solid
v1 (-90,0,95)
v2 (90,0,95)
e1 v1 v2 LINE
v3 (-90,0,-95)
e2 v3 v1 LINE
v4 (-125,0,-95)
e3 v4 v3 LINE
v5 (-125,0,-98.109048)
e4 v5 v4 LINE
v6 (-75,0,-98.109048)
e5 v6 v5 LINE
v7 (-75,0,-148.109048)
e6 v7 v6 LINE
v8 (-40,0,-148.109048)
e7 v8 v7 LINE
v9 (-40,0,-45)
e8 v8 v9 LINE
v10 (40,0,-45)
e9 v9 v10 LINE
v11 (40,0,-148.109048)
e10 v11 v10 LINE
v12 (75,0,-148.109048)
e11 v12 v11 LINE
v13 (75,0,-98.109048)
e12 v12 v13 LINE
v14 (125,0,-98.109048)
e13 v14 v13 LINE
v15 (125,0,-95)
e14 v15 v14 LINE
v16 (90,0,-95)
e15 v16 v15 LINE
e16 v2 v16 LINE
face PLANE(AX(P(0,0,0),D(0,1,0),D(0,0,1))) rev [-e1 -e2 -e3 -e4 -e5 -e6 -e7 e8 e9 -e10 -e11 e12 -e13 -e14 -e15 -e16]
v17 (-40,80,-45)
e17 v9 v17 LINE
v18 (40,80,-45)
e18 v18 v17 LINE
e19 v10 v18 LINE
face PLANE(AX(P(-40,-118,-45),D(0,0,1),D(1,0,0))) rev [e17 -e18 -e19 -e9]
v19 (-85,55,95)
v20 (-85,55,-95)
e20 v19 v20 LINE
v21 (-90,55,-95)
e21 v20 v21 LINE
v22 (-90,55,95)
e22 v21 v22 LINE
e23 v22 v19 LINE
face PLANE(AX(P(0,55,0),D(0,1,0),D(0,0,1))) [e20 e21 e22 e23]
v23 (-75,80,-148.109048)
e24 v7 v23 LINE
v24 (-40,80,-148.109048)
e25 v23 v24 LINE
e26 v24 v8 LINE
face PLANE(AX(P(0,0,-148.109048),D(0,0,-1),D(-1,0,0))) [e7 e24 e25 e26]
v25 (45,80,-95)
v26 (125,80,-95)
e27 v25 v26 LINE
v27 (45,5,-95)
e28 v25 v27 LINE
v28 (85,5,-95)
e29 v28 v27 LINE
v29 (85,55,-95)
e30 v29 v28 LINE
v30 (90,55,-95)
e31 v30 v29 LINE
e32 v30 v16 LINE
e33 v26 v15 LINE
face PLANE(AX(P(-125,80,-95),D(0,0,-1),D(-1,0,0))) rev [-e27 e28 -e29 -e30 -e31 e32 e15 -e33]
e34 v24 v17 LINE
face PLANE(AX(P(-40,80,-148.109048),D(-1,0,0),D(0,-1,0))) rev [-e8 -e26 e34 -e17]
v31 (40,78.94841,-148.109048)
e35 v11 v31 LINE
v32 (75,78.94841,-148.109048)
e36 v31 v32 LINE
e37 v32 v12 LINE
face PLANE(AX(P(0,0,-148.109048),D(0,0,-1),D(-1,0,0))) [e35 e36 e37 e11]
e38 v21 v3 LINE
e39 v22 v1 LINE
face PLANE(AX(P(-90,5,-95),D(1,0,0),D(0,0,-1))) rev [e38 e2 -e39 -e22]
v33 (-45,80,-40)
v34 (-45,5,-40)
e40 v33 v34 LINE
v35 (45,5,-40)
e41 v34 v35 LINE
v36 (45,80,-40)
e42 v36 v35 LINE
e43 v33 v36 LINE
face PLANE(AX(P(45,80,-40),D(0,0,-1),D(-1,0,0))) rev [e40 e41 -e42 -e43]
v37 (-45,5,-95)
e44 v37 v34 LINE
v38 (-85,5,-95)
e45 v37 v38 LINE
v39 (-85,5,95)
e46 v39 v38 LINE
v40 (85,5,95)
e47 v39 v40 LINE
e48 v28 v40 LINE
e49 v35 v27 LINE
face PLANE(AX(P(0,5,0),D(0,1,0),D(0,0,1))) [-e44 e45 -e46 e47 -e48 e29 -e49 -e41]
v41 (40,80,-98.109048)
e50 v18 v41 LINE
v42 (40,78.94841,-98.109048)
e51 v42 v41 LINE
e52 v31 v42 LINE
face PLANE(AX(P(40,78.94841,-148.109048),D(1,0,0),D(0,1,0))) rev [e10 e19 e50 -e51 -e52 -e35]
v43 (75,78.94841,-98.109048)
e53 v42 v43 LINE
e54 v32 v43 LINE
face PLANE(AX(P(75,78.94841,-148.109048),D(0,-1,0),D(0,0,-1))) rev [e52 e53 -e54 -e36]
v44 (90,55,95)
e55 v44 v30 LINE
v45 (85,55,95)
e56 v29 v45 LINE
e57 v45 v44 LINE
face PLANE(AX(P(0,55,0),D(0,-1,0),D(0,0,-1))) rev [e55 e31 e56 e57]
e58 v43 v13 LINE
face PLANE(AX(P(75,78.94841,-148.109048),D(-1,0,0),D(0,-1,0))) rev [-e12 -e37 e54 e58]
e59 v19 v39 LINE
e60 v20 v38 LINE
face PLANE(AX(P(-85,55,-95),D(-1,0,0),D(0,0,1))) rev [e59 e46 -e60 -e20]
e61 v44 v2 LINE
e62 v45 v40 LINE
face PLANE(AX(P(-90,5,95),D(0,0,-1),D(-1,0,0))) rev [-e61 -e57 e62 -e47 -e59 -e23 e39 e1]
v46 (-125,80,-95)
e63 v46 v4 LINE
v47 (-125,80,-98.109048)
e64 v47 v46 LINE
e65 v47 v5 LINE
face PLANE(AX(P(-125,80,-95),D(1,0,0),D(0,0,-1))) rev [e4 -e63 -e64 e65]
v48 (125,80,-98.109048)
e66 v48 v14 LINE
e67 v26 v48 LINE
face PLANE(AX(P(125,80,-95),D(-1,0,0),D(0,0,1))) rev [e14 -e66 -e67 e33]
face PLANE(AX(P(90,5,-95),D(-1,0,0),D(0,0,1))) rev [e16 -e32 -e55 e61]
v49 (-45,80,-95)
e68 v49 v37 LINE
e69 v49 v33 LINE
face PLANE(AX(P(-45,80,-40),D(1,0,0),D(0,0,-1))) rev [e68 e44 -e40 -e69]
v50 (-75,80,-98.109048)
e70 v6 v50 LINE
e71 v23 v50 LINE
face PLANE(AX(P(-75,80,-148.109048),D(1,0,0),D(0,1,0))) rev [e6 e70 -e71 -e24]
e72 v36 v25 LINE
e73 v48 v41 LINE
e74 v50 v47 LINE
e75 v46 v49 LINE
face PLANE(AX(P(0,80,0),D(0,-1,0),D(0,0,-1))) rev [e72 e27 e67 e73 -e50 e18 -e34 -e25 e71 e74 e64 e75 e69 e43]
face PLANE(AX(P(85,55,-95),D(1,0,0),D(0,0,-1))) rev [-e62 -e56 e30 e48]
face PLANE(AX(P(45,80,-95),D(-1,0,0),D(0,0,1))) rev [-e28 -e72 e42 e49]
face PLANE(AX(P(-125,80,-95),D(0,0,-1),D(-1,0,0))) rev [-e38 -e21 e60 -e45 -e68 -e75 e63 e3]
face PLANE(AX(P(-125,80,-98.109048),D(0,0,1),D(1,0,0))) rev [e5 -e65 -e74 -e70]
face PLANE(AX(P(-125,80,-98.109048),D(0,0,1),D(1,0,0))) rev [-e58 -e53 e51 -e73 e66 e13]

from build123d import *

# Parameters (mm, degrees)
SKETCH2_W           = 180
SKETCH2_H           = 190
BOSS_EXTRUDE3_DEPTH = 5
SKETCH4_W           = 5
SKETCH4_H           = 190
BOSS_EXTRUDE4_DEPTH = 50
SKETCH6_W           = 250
SKETCH6_H           = 3.1090482
BOSS_EXTRUDE6_DEPTH = 80
SKETCH7_W           = 35
SKETCH7_H           = 78.948410215
SKETCH7_H_2         = 80
BOSS_EXTRUDE7_DEPTH = 50
SKETCH8_W           = 80
SKETCH8_H           = 3.1090482
CUT_EXTRUDE1_DEPTH  = 123
SKETCH9_W           = 80
SKETCH9_H           = 50
CUT_EXTRUDE2_DEPTH  = 123
BOSS_EXTRUDE8_DEPTH = 75


with BuildPart() as part:
    # Sketch2 → Boss-Extrude3 (new body)
    with BuildSketch(Plane(origin=(0, 0, 0), x_dir=(1, 0, 0), z_dir=(0, 1, 0))):
        Rectangle(SKETCH2_W, SKETCH2_H)
    extrude(amount=BOSS_EXTRUDE3_DEPTH)

    # Sketch4 → Boss-Extrude4 (add)
    with BuildSketch(Plane(origin=(0, 5, 0), x_dir=(1, 0, 0), z_dir=(0, 1, 0))):
        with Locations((-87.5, 0)):
            Rectangle(SKETCH4_W, SKETCH4_H)
        with Locations((87.5, 0)):
            Rectangle(SKETCH4_W, SKETCH4_H)
    extrude(amount=BOSS_EXTRUDE4_DEPTH)

    # Sketch6 → Boss-Extrude6 (add)
    with BuildSketch(Plane(origin=(0, 0, 0), x_dir=(1, 0, 0), z_dir=(0, 1, 0))):
        with Locations((0, 96.5545241)):
            Rectangle(SKETCH6_W, SKETCH6_H)
    extrude(amount=BOSS_EXTRUDE6_DEPTH)

    # Sketch7 → Boss-Extrude7 (add)
    with BuildSketch(Plane(origin=(0, 0, -98.1090482), x_dir=(-1, 0, 0), z_dir=(0, 0, -1))):
        with Locations((-57.5, 39.474205108)):
            Rectangle(SKETCH7_W, SKETCH7_H)
        with Locations((57.5, 40)):
            Rectangle(SKETCH7_W, SKETCH7_H_2)
    extrude(amount=BOSS_EXTRUDE7_DEPTH)

    # Sketch8 → Cut-Extrude1 (cut)
    with BuildSketch(Plane(origin=(0, 80, 0), x_dir=(1, 0, 0), z_dir=(0, 1, 0))):
        with Locations((0, 96.5545241)):
            Rectangle(SKETCH8_W, SKETCH8_H)
    extrude(amount=-CUT_EXTRUDE1_DEPTH, mode=Mode.SUBTRACT)

    # Sketch9 → Cut-Extrude2 (cut)
    with BuildSketch(Plane(origin=(0, 5, 0), x_dir=(1, 0, 0), z_dir=(0, 1, 0))):
        with Locations((0, 70)):
            Rectangle(SKETCH9_W, SKETCH9_H)
    extrude(amount=-CUT_EXTRUDE2_DEPTH, mode=Mode.SUBTRACT)

    # Sketch10 → Boss-Extrude8 (add)
    with BuildSketch(Plane(origin=(0, 5, 0), x_dir=(1, 0, 0), z_dir=(0, 1, 0))):
        Polygon((-40, 95), (-40, 45), (40, 45), (40, 95), (45, 95), (45, 40), (-45, 40), (-45, 95), align=None)
    extrude(amount=BOSS_EXTRUDE8_DEPTH)


solid = part.part
